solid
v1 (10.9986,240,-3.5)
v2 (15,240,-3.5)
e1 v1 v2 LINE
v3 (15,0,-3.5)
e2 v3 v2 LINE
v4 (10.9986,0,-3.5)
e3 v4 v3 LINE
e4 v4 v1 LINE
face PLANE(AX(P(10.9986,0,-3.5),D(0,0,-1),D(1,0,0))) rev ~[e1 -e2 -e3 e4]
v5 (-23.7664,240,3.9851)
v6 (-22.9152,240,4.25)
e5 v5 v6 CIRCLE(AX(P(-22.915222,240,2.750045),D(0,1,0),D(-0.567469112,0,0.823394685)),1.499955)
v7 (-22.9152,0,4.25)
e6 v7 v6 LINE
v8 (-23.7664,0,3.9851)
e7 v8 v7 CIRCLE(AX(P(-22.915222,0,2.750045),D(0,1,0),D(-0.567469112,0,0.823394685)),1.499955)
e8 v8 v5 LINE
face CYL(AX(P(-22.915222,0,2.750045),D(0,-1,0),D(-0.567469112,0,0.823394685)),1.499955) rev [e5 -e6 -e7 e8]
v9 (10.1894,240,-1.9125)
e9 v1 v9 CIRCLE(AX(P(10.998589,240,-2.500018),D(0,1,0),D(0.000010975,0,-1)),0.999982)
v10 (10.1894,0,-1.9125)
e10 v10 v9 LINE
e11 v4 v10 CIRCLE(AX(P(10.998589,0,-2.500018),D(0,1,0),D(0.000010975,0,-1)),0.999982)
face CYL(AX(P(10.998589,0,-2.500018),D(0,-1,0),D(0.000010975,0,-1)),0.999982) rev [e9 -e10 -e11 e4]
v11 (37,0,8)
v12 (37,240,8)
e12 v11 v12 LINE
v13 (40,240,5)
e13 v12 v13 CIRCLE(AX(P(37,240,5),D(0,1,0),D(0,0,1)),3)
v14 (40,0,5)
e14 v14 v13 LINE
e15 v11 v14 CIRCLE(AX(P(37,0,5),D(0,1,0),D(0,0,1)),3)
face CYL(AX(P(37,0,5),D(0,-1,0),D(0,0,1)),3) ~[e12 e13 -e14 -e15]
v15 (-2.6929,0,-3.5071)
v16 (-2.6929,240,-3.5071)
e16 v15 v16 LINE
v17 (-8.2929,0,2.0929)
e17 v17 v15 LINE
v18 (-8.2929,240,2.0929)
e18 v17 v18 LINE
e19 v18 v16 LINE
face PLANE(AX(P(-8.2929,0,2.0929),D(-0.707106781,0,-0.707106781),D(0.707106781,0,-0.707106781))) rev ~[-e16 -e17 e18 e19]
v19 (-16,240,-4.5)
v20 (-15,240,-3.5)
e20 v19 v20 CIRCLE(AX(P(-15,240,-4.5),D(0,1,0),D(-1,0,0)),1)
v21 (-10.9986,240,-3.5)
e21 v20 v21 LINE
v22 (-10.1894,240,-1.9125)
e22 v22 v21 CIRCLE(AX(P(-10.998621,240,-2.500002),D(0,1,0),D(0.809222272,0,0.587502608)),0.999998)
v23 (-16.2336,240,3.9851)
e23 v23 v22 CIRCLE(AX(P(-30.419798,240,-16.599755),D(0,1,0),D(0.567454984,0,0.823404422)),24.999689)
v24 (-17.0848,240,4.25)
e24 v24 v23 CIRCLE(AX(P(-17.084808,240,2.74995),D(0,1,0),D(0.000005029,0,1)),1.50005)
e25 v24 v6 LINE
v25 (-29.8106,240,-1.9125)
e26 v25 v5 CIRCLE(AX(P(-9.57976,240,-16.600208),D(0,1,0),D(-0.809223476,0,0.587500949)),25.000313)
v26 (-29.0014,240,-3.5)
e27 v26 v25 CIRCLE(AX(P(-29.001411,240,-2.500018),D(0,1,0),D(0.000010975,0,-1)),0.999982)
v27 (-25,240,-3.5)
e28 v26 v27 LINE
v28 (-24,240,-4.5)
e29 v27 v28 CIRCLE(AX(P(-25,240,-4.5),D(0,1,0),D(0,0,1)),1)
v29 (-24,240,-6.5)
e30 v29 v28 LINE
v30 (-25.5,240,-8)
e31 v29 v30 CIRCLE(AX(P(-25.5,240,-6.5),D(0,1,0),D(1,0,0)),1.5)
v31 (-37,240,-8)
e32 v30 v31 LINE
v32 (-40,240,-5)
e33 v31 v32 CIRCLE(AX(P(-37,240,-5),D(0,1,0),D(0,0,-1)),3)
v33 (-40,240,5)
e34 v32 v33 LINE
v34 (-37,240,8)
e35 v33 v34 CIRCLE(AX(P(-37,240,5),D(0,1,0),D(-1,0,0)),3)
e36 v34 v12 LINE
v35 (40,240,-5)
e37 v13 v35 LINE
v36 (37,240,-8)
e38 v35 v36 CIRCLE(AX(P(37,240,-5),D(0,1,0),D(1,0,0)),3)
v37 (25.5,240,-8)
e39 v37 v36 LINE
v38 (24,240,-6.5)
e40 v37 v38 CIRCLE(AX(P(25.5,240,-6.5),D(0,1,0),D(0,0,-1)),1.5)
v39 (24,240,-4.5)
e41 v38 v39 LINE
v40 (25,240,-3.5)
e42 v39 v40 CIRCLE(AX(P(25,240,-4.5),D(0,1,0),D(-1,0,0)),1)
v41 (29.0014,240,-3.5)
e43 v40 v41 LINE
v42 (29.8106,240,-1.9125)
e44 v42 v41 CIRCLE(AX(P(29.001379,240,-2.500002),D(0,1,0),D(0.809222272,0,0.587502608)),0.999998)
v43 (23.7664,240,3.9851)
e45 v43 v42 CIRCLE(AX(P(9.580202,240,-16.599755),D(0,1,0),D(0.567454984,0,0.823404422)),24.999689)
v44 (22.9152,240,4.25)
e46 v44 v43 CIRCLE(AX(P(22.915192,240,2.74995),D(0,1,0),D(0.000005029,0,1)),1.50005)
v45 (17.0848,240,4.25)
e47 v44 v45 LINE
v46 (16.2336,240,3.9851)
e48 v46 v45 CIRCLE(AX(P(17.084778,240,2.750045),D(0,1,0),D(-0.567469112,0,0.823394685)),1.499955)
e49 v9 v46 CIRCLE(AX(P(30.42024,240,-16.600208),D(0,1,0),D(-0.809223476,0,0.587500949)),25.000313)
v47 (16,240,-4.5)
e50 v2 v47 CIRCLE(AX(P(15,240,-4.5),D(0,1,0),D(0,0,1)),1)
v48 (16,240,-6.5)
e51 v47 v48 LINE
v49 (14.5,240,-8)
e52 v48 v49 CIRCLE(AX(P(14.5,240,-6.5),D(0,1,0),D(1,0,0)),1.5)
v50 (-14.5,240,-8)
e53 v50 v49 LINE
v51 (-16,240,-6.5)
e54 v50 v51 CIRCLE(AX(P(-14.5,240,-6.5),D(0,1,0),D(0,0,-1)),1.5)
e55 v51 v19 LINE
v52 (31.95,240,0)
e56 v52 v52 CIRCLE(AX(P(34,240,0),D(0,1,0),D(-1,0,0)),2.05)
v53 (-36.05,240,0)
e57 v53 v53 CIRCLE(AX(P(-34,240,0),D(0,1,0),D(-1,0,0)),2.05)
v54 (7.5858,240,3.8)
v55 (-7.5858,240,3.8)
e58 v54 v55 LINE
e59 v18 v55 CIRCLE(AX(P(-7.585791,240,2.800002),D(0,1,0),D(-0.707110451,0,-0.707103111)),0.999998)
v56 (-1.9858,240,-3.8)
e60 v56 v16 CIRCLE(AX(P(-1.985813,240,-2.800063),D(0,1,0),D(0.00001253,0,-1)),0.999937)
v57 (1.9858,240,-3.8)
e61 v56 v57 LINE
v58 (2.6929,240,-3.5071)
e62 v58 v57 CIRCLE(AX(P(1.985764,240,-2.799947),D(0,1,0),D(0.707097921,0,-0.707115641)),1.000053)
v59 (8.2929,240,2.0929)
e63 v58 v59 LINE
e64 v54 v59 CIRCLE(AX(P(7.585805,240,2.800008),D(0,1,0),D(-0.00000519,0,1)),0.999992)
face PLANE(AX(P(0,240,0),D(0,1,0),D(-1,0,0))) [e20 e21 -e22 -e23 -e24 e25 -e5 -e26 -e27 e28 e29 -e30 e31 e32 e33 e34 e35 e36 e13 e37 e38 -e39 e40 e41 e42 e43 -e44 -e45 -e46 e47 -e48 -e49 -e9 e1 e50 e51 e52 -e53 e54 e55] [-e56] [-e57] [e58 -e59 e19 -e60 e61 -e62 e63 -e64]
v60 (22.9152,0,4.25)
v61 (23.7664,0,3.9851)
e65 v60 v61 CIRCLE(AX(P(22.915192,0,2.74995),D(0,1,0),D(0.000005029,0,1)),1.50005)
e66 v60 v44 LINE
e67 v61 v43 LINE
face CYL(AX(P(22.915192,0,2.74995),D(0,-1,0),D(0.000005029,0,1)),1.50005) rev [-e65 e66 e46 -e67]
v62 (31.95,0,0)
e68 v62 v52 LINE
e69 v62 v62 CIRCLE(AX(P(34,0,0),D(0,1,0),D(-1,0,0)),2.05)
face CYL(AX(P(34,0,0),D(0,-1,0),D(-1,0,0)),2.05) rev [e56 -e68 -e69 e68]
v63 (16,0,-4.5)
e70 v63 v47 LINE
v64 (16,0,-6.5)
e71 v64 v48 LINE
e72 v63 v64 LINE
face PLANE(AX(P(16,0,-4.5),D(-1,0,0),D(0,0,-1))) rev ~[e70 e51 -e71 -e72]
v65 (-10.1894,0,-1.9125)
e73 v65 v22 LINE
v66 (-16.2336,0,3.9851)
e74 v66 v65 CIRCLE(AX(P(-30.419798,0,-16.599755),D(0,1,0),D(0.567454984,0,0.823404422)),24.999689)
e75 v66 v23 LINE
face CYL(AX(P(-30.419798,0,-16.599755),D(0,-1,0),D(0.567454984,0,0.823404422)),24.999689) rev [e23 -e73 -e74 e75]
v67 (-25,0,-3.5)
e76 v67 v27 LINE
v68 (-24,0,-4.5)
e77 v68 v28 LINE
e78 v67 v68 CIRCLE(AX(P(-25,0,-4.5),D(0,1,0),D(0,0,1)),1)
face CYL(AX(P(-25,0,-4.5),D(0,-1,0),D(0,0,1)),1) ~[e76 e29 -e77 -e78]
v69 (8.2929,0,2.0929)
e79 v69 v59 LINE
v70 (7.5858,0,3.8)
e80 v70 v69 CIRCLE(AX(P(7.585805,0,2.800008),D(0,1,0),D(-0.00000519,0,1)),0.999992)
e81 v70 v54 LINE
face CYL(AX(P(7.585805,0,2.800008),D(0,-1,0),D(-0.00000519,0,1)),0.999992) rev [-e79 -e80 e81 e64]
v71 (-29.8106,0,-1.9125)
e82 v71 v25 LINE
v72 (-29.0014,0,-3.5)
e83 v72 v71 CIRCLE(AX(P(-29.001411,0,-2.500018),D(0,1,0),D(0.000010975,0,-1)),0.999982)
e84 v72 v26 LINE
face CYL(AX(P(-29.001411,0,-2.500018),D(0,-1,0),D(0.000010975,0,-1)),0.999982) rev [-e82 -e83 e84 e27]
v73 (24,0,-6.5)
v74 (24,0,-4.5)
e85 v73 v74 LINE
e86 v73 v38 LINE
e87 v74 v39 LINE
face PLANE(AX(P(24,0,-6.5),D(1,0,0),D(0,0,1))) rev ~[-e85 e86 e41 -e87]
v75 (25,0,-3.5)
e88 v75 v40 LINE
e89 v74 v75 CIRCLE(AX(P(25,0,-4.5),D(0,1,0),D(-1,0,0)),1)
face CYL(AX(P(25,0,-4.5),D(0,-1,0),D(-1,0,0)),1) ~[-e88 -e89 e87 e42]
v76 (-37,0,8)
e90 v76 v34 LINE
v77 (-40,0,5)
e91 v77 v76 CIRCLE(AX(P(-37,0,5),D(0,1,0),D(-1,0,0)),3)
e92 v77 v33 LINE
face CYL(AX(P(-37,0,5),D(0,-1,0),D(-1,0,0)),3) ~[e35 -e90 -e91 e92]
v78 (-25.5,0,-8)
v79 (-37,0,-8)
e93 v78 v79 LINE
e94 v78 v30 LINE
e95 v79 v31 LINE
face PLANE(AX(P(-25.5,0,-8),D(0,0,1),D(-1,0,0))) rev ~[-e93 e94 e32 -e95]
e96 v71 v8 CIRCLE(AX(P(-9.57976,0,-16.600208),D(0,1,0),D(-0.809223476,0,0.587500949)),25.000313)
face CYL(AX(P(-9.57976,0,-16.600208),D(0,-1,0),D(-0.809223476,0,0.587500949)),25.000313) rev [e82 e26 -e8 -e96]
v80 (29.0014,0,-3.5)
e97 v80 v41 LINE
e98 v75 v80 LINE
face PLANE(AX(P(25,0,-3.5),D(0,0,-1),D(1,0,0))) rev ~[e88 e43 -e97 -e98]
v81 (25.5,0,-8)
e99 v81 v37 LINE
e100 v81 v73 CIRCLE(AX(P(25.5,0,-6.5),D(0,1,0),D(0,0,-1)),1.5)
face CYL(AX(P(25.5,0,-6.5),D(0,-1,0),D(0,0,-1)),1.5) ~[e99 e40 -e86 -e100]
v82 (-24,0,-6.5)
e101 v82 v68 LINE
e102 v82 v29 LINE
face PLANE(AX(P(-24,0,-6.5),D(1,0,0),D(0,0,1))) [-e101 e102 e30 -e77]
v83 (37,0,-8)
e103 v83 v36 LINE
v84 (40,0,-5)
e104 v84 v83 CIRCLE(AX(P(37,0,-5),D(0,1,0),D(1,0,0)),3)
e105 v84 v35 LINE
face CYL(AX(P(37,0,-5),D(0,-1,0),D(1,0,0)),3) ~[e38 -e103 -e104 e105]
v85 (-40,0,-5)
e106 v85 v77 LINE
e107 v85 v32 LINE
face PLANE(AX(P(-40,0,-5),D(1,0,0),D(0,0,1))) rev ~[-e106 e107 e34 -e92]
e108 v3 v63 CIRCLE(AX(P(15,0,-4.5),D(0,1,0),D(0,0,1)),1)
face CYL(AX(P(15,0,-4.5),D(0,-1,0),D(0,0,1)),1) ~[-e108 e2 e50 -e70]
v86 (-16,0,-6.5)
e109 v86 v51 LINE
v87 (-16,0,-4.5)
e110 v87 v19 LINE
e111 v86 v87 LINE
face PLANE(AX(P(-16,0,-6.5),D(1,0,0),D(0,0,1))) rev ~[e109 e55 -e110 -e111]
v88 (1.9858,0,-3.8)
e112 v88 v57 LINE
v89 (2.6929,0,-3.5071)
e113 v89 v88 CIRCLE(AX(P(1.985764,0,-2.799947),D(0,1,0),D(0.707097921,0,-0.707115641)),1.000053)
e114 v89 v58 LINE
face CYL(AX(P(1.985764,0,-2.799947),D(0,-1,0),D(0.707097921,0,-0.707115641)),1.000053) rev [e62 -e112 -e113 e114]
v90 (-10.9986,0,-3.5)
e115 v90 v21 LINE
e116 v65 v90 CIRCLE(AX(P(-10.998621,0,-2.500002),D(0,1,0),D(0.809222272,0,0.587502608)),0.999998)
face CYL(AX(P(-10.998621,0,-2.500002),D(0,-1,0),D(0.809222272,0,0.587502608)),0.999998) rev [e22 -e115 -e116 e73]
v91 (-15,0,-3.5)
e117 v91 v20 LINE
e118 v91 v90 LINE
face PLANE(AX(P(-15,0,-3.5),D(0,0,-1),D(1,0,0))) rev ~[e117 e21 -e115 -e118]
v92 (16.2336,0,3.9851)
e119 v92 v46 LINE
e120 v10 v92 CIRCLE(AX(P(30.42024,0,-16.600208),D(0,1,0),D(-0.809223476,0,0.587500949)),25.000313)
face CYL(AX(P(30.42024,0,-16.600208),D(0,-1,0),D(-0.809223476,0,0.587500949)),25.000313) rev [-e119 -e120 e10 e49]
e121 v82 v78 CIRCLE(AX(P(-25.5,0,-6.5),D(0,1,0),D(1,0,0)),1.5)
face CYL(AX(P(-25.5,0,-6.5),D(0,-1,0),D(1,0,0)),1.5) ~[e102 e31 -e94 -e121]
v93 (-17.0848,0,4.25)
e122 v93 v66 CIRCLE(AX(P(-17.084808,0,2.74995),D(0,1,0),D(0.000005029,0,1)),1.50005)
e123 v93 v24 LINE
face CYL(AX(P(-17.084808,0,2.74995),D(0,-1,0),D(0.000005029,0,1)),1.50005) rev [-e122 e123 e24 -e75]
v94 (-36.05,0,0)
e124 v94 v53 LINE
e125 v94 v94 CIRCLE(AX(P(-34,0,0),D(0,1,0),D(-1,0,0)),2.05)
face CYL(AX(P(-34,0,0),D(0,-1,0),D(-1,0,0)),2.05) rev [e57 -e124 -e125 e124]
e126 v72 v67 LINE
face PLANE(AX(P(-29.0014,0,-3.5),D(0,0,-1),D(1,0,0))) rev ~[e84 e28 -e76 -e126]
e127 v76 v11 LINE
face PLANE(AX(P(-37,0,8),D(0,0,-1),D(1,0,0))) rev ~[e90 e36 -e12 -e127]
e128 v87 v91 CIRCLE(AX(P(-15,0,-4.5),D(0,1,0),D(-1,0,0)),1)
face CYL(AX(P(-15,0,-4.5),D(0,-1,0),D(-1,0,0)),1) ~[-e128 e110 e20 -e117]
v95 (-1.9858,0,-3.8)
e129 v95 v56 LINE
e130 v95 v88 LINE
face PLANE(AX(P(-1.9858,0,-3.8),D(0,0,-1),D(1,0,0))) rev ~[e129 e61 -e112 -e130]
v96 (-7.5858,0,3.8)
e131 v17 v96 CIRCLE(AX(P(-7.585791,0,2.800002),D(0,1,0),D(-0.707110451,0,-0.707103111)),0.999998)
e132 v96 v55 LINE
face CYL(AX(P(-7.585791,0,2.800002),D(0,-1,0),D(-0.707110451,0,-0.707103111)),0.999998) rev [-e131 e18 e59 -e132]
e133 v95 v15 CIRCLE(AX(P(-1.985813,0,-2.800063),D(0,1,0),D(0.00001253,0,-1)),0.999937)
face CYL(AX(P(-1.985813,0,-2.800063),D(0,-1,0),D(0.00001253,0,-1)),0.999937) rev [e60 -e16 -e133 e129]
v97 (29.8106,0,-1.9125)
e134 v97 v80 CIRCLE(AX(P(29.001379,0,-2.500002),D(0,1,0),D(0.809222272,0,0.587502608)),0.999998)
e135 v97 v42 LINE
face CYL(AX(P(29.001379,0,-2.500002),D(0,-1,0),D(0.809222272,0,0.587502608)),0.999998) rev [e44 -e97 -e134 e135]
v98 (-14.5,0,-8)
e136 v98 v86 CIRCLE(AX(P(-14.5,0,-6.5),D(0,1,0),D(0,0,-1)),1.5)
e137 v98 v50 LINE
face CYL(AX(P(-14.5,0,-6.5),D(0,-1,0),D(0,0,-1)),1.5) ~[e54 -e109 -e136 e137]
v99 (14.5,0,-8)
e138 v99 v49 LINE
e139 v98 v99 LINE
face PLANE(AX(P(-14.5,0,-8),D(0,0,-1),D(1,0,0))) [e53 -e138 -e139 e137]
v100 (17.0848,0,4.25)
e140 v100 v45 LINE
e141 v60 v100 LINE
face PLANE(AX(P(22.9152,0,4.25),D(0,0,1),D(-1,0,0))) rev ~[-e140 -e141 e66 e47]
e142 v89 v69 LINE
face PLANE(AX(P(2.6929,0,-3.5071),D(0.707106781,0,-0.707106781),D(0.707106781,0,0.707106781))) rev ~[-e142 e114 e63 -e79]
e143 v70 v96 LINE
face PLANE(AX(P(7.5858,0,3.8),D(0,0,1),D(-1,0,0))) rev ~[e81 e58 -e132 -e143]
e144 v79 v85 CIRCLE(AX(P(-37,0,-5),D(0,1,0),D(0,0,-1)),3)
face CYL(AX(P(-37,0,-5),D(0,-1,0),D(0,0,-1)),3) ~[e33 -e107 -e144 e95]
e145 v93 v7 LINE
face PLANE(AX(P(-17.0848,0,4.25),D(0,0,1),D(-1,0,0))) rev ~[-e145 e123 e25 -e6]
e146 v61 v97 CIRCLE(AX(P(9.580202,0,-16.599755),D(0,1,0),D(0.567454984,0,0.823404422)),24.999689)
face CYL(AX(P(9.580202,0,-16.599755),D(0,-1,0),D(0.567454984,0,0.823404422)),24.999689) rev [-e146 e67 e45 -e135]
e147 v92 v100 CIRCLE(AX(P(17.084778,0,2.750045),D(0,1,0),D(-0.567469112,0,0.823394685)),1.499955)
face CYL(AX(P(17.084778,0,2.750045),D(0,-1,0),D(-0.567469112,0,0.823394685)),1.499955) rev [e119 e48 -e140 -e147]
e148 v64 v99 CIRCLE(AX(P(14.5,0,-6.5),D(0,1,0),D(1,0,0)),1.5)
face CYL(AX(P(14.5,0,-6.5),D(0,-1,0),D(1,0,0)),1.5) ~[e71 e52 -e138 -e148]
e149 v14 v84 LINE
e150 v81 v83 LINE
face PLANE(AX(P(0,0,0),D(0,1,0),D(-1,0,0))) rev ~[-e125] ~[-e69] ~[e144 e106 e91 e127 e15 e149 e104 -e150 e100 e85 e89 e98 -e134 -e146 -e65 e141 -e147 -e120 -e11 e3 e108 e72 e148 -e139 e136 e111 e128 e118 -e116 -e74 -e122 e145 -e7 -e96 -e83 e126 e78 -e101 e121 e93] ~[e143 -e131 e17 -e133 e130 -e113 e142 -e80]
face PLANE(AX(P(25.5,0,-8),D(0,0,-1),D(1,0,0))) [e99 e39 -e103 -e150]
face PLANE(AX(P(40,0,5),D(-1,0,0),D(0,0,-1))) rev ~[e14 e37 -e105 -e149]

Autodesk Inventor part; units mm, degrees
ref_plane "YZ Plane" through (0, 0, 0) normal (1, 0, 0) x (0, 1, 0)
ref_plane "Start Plane" through (0, 0, 0) normal (0, 1, 0) x (-1, 0, 0)
ref_plane "End Plane" through (0, 240, 0) normal (0, 1, 0) x (-1, 0, 0)
sketch "Sketch1" plane through (0, 0, 0) normal (0, 1, 0) x (-1, 0, 0)
  line L0 (40, -5) -> (40, 5)
  arc A0 (40, 5) -> (37, 8) centre (37, 5) ccw
  line L1 (37, 8) -> (-37, 8)
  line L2 (14.5, -8) -> (-14.5, -8)
  arc A1 (14.5, -8) -> (16, -6.5) centre (14.5, -6.5) ccw
  line L3 (-25.5, -8) -> (-37, -8)
  arc A2 (-25.5, -8) -> (-24, -6.5) centre (-25.5, -6.5) ccw
  arc A3 (-37, 8) -> (-40, 5) centre (-37, 5) ccw
  line L4 (-40, 5) -> (-40, -5)
  arc A4 (-40, -5) -> (-37, -8) centre (-37, -5) ccw
  line L5 (-24, -6.5) -> (-24, -4.5)
  arc A5 (-24, -4.5) -> (-25, -3.5) centre (-25, -4.5) ccw
  line L6 (-25, -3.5) -> (-29.0014, -3.5)
  arc A6 (-29.8106, -1.9125) -> (-29.0014, -3.5) centre (-29.0014, -2.5) ccw
  arc A7 (-23.7664, 3.9851) -> (-29.8106, -1.9125) centre (-9.58, -16.6) ccw
  arc A8 (-22.9152, 4.25) -> (-23.7664, 3.9851) centre (-22.9152, 2.75) ccw
  line L7 (-22.9152, 4.25) -> (-17.0848, 4.25)
  arc A9 (-16.2336, 3.9851) -> (-17.0848, 4.25) centre (-17.0848, 2.75) ccw
  arc A10 (-10.1894, -1.9125) -> (-16.2336, 3.9851) centre (-30.42, -16.6) ccw
  arc A11 (-10.9986, -3.5) -> (-10.1894, -1.9125) centre (-10.9986, -2.5) ccw
  line L8 (-10.9986, -3.5) -> (-15, -3.5)
  arc A12 (-15, -3.5) -> (-16, -4.5) centre (-15, -4.5) ccw
  line L9 (-16, -4.5) -> (-16, -6.5)
  arc A13 (-16, -6.5) -> (-14.5, -8) centre (-14.5, -6.5) ccw
  line L10 (16, -6.5) -> (16, -4.5)
  arc A14 (16, -4.5) -> (15, -3.5) centre (15, -4.5) ccw
  line L11 (15, -3.5) -> (10.9986, -3.5)
  arc A15 (10.1894, -1.9125) -> (10.9986, -3.5) centre (10.9986, -2.5) ccw
  arc A16 (16.2336, 3.9851) -> (10.1894, -1.9125) centre (30.42, -16.6) ccw
  arc A17 (17.0848, 4.25) -> (16.2336, 3.9851) centre (17.0848, 2.75) ccw
  line L12 (17.0848, 4.25) -> (22.9152, 4.25)
  arc A18 (23.7664, 3.9851) -> (22.9152, 4.25) centre (22.9152, 2.75) ccw
  arc A19 (29.8106, -1.9125) -> (23.7664, 3.9851) centre (9.58, -16.6) ccw
  arc A20 (29.0014, -3.5) -> (29.8106, -1.9125) centre (29.0014, -2.5) ccw
  line L13 (29.0014, -3.5) -> (25, -3.5)
  arc A21 (25, -3.5) -> (24, -4.5) centre (25, -4.5) ccw
  line L14 (1.9858, -3.8) -> (-1.9858, -3.8)
  arc A22 (-2.6929, -3.5071) -> (-1.9858, -3.8) centre (-1.9858, -2.8) ccw
  line L15 (-2.6929, -3.5071) -> (-8.2929, 2.0929)
  arc A23 (-7.5858, 3.8) -> (-8.2929, 2.0929) centre (-7.5858, 2.8) ccw
  line L16 (-7.5858, 3.8) -> (7.5858, 3.8)
  arc A24 (8.2929, 2.0929) -> (7.5858, 3.8) centre (7.5858, 2.8) ccw
  line L17 (8.2929, 2.0929) -> (2.6929, -3.5071)
  arc A25 (1.9858, -3.8) -> (2.6929, -3.5071) centre (1.9858, -2.8) ccw
  circle A26 centre (-34, 0) radius 2.05
  circle A27 centre (34, 0) radius 2.05
  line L18 (25.5, -8) -> (37, -8)
  arc A28 (24, -6.5) -> (25.5, -8) centre (25.5, -6.5) ccw
  arc A29 (37, -8) -> (40, -5) centre (37, -5) ccw
  line L19 (24, -6.5) -> (24, -4.5)
  point P0 (0, 0)
extrude "Body" add sketch "Sketch1" along normal up to surface (240 mm away) from surface at 0
sketch "Sketch2" plane through (0, 0, 0) normal (0, 1, 0) x (-1, 0, 0)
  line L0 (0, 0) -> (10, 0)
ref_plane "Work Plane3" through (0, 0, 0) normal (0, 0, -1) x (-1, 0, 0)
sketch "Sketch3" plane through (0, 0, 0) normal (0, 0, -1) x (-1, 0, 0)
  line L0 (-2, 0) -> (12, 0)
  line L1 (-2, 240) -> (12, 240)
  dimension "d15" = 240
sketch "Schizzo4" plane through (22.9152, 240, 4.25) normal (0, 0, -1) x (-1, 0, 0)
  point P0 (22.9152, -240)
equation "\"G_OFFSET_START\" = 0"
equation "\"G_OFFSET_END\" = 0"
equation "\"G_L\" = d15"
properties part number "10-081"
